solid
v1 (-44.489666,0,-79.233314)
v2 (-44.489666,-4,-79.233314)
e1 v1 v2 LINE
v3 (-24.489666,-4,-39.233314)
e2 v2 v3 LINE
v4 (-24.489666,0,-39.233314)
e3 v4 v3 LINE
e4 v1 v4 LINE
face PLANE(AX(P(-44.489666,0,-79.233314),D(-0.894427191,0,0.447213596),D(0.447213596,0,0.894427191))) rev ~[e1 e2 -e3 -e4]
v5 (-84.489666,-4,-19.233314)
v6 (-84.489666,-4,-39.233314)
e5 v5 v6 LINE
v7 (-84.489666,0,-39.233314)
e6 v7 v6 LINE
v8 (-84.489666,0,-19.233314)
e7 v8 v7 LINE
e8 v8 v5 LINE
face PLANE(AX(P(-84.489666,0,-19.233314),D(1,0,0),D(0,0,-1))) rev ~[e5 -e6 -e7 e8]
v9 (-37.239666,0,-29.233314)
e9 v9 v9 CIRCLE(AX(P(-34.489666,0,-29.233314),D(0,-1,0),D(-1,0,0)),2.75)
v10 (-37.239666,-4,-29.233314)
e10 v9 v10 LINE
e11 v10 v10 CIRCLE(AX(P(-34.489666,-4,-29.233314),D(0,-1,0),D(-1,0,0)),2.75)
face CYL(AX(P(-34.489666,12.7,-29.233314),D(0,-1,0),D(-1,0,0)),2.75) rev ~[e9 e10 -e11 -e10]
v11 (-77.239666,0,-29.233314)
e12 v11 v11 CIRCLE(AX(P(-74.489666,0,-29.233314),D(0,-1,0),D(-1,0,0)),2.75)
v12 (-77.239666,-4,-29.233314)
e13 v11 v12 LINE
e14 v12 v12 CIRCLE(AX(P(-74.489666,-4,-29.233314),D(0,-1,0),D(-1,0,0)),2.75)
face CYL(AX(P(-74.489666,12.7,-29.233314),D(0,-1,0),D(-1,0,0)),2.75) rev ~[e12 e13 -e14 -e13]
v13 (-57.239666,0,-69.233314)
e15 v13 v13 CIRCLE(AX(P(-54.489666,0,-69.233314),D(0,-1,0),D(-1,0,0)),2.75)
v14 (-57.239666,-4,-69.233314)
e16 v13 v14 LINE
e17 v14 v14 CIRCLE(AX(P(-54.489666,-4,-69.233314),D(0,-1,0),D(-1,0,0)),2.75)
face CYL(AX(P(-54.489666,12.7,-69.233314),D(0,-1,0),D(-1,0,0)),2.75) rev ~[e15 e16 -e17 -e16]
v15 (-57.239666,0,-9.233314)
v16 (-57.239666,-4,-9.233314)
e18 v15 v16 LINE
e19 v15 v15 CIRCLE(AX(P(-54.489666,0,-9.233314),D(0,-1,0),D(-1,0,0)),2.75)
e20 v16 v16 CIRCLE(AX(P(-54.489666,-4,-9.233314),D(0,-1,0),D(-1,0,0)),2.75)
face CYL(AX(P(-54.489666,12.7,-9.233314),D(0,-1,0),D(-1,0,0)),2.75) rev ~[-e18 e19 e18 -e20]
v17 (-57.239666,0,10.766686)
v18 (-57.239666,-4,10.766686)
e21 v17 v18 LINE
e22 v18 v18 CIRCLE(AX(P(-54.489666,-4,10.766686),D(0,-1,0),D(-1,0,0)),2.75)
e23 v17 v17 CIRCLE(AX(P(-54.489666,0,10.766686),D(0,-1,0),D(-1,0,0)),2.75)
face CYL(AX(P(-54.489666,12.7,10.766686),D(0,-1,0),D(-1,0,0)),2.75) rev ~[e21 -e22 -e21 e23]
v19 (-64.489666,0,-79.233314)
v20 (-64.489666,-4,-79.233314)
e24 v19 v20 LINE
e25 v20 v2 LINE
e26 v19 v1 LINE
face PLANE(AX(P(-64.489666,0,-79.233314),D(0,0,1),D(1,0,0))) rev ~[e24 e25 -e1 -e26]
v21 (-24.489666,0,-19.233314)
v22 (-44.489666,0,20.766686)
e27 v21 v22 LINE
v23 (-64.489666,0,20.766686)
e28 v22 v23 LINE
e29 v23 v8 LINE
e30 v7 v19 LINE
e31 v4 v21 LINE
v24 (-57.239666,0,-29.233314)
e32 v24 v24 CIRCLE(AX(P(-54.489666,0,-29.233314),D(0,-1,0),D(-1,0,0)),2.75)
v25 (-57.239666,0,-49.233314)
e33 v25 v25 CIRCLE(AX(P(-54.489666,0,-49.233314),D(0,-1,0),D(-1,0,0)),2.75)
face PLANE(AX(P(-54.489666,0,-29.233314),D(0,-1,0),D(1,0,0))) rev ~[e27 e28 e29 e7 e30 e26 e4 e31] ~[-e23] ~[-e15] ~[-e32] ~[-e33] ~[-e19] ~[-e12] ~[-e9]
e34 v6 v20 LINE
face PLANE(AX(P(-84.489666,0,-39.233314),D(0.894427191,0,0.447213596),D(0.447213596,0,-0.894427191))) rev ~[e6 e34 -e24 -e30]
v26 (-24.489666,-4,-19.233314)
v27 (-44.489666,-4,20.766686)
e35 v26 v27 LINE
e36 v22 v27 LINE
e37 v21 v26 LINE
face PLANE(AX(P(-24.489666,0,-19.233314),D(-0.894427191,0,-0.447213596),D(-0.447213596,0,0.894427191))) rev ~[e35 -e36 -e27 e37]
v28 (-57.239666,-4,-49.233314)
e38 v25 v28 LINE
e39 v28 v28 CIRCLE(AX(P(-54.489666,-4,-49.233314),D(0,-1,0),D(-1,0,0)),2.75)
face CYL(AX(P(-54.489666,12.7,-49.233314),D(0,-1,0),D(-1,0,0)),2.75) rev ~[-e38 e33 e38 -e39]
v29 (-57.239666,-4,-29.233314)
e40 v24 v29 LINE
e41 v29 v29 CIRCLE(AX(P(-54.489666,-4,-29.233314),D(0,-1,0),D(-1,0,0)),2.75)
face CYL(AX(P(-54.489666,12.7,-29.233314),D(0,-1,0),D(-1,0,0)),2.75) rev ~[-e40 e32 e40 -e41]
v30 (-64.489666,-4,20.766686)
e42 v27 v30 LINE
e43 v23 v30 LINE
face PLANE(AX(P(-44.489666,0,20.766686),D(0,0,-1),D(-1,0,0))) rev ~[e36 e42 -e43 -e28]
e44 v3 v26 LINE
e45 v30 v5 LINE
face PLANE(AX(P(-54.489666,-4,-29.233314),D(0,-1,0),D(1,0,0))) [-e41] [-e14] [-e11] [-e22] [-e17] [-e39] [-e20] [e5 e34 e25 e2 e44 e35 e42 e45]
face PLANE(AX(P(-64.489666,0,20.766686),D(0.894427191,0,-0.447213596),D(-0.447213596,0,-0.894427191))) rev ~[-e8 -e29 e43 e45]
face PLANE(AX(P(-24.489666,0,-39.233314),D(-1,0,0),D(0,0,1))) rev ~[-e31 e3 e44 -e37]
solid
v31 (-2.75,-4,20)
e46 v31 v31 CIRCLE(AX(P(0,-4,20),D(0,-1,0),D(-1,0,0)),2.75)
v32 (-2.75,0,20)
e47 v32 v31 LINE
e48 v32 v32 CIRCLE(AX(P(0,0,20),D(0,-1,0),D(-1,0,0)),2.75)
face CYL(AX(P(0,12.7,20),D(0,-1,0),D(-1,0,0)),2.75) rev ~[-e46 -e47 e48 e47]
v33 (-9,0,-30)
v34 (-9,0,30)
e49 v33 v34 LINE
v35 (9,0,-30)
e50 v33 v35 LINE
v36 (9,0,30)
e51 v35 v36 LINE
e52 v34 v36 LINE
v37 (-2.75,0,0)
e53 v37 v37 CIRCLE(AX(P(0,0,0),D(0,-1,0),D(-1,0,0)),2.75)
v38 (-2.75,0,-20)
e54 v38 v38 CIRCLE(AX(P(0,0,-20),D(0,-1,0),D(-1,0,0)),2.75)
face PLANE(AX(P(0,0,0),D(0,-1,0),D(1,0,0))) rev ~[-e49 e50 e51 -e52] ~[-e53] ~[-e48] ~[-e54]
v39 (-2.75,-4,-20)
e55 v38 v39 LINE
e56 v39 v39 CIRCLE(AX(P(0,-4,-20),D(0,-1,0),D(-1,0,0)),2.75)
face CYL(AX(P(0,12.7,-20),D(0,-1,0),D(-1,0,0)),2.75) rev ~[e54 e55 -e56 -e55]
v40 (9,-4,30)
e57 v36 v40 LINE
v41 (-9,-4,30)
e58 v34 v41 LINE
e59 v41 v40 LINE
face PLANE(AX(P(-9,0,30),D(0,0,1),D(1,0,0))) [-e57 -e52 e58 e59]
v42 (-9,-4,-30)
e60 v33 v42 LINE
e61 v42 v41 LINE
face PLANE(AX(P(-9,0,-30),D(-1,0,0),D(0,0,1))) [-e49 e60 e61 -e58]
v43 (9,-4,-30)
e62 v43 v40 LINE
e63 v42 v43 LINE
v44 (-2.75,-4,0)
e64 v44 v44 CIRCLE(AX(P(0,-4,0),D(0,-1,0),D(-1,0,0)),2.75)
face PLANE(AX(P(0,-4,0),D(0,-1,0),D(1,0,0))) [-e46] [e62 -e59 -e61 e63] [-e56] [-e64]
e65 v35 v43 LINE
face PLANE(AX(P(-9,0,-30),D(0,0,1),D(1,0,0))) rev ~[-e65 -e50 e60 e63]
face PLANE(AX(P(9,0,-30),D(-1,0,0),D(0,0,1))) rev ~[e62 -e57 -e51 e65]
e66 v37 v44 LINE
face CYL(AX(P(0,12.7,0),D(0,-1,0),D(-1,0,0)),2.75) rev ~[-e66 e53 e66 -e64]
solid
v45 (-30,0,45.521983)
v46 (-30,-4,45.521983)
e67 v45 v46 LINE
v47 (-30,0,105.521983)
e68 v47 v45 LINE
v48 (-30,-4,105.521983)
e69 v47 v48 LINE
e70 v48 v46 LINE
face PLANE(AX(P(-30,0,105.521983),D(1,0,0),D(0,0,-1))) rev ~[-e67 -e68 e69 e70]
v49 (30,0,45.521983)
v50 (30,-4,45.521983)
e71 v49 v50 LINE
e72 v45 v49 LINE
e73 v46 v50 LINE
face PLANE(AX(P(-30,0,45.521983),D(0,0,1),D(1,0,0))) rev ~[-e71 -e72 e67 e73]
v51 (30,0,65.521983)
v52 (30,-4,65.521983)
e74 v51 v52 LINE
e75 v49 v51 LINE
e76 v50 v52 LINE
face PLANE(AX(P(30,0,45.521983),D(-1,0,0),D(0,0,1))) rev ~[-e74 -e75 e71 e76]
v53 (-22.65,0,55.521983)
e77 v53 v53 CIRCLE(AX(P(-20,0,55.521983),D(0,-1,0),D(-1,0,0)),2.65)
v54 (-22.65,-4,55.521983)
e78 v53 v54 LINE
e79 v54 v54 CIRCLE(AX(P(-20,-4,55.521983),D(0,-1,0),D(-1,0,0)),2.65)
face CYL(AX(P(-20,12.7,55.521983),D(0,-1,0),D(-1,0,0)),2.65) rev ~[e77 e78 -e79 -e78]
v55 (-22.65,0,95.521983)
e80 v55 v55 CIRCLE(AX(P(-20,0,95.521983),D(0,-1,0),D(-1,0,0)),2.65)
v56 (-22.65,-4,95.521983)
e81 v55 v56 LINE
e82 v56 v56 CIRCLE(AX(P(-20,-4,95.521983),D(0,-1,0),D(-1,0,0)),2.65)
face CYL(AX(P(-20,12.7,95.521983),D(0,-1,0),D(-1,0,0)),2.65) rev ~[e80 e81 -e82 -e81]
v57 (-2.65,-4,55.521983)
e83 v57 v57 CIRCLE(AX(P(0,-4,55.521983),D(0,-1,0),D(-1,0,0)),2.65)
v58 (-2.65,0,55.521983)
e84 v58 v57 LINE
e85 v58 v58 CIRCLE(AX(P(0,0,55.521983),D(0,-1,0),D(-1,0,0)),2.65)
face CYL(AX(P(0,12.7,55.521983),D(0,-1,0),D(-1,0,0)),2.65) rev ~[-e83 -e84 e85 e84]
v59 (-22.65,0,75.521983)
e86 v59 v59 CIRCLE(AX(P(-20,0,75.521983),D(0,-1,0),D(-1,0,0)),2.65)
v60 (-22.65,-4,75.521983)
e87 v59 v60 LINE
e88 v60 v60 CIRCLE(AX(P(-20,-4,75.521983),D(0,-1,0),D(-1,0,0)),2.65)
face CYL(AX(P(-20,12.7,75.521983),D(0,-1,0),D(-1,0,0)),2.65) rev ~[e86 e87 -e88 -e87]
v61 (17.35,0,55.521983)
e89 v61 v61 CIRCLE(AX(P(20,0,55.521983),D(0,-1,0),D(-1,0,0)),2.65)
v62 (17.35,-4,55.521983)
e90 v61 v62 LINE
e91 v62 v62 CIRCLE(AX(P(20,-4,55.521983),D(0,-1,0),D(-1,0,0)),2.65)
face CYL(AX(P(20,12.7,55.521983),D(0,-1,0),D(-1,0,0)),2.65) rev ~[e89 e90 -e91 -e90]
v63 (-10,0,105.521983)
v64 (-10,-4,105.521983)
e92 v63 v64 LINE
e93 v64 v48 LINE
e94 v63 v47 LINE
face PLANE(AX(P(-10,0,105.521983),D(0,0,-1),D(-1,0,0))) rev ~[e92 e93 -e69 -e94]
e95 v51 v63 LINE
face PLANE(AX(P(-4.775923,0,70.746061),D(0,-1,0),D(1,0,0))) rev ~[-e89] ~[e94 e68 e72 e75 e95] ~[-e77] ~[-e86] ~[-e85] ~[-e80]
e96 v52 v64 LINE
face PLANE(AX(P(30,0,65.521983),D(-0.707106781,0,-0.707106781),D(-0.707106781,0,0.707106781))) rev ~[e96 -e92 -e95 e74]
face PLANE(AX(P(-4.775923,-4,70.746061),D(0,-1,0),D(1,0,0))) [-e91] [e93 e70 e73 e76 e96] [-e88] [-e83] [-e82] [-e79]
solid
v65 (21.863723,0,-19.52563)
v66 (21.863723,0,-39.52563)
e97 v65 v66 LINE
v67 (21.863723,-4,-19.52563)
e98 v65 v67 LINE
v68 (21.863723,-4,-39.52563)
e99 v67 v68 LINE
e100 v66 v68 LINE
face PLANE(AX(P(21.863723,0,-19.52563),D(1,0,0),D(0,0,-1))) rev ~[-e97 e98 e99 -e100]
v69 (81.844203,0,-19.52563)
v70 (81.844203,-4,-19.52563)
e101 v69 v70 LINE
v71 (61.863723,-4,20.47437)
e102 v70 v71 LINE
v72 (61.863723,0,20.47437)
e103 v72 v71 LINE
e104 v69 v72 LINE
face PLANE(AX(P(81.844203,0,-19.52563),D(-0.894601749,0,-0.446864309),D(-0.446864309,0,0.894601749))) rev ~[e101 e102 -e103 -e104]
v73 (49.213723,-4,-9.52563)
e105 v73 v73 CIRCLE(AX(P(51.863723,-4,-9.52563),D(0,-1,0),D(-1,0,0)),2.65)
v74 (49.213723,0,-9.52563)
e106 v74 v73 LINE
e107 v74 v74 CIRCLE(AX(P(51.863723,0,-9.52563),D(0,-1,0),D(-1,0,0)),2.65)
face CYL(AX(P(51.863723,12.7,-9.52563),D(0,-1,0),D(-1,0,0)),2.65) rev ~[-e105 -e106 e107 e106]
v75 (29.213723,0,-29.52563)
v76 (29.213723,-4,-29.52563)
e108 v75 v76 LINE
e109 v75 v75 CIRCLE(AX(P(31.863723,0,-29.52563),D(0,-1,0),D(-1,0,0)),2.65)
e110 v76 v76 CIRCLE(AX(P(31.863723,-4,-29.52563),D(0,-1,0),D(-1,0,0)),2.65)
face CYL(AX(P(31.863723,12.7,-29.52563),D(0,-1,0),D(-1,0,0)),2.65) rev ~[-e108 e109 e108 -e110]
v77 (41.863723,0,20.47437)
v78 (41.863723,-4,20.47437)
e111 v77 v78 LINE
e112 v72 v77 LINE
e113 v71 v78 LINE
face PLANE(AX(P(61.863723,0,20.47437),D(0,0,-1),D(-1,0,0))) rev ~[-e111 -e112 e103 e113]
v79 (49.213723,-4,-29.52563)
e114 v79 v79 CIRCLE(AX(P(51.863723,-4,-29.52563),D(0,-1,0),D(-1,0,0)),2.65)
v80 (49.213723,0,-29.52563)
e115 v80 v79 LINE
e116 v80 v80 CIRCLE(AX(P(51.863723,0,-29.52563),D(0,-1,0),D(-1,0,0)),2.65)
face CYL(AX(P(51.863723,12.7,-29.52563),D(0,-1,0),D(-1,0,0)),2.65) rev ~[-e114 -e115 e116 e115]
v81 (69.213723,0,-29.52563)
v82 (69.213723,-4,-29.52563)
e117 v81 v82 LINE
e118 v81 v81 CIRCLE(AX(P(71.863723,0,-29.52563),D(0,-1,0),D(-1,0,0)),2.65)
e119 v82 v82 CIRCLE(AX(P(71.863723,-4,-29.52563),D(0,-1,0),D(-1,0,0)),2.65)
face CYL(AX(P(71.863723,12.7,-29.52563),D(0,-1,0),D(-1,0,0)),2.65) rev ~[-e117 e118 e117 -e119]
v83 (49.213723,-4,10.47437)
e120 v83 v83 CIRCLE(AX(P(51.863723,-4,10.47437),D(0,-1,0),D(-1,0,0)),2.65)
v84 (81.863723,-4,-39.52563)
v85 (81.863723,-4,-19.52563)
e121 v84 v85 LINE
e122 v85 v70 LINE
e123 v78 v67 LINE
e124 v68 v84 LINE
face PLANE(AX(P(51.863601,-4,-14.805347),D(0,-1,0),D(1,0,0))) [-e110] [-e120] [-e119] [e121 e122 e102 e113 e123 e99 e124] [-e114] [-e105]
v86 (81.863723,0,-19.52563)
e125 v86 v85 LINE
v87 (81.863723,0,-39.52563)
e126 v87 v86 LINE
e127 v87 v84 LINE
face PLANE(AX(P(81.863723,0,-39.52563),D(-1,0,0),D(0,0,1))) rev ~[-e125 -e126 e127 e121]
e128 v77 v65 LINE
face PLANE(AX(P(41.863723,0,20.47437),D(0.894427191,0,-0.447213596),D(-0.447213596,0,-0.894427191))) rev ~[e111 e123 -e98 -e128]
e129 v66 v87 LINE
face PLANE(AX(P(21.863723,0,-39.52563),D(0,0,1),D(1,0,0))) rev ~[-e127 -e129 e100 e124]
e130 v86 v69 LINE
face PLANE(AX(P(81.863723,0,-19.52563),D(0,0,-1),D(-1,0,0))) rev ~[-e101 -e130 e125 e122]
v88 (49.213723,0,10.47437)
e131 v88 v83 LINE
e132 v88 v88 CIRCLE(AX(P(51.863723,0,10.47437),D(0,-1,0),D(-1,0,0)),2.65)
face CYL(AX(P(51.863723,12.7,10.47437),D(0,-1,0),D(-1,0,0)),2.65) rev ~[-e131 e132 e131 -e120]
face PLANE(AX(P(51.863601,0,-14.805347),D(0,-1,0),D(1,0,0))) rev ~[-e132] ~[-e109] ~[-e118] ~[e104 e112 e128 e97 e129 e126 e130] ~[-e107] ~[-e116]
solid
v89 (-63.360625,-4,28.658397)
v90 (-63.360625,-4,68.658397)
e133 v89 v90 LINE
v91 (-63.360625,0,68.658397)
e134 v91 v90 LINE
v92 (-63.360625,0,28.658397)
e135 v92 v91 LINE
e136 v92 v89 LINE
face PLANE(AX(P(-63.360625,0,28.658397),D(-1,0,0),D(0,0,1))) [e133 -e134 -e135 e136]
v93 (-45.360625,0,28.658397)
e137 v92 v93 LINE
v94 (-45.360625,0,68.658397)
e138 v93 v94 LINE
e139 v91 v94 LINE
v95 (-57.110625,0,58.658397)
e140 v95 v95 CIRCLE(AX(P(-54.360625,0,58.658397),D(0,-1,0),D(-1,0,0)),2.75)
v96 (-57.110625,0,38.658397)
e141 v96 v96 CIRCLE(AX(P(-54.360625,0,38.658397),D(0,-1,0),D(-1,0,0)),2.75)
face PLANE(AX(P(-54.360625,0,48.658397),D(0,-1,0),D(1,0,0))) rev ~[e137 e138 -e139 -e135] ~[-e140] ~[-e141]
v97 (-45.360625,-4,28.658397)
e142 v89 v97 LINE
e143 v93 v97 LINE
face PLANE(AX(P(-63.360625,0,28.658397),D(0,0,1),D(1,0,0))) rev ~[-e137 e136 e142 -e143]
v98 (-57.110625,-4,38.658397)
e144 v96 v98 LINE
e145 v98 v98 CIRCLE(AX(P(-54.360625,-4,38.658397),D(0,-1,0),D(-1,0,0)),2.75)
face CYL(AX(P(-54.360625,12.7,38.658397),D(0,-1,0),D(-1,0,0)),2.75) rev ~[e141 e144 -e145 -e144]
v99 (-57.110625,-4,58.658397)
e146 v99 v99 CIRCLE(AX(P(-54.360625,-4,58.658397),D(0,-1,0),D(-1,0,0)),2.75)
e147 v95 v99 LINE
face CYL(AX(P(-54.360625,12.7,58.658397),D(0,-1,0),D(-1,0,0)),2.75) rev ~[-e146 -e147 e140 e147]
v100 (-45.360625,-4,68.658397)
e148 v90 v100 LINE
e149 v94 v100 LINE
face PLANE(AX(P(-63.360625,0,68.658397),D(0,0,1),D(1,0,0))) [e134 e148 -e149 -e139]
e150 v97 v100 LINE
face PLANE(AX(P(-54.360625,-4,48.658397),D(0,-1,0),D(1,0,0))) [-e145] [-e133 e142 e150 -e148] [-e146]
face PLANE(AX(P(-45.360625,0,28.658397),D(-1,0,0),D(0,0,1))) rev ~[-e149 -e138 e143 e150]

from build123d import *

# Parameters (mm, degrees)
F1_DEPTH  = 4
F2_D      = 5.3
F2_DEPTH  = 12.7
F2_TIP    = 1.5922806404
F4_DEPTH  = 4
F5_D      = 5.3
F5_DEPTH  = 12.7
F5_TIP    = 1.5922806404
F7_DEPTH  = 4
F8_D      = 5.5
F8_DEPTH  = 12.7
F8_TIP    = 1.6523667023
F9_W      = 18
F9_H      = 40
F10_DEPTH = 4
F11_D     = 5.5
F11_DEPTH = 12.7
F11_TIP   = 1.6523667023
F12_W     = 18
F12_H     = 60
F13_DEPTH = 4
F14_D     = 5.5
F14_DEPTH = 12.7
F14_TIP   = 1.6523667023


with BuildPart() as f1:
    # F0 (on Front) → F1 (new body)
    with BuildSketch(Plane.XZ):
        Polygon((-30, 105.5219832063), (-30, 45.5219832063), (30, 45.5219832063), (30, 65.5219832063), (-10, 105.5219832063), align=None)
    extrude(amount=F1_DEPTH)

    # F2
    with Locations(Plane(origin=(0, 0, 0), x_dir=(1, 0, 0), z_dir=(0, 1, 0))):
        with Locations((-20, -95.5219832063), (-20, -75.5219832063), (-20, -55.5219832063), (0, -55.5219832063), (20, -55.5219832063)):
            Hole(F2_D / 2, depth=F2_DEPTH)
            with Locations((0, 0, -(F2_DEPTH + F2_TIP / 2))):  # 118° drill point
                Cone(0, F2_D / 2, F2_TIP, mode=Mode.SUBTRACT)


with BuildPart() as f4:
    # F3 (on Front) → F4 (new body)
    with BuildSketch(Plane.XZ):
        Polygon((21.8637231737, -19.5256303996), (21.8637231737, -39.5256303996), (41.8637231737, -39.5256303996), (61.8637231737, -39.5256303996), (81.8637231737, -39.5256303996), (81.8637231737, -19.5256303996), (81.8442031741, -19.5256303996), (61.8637231737, 20.4743696004), (41.8637231737, 20.4743696004), align=None)
    extrude(amount=F4_DEPTH)

    # F5
    with Locations(Plane(origin=(0, 0, 0), x_dir=(1, 0, 0), z_dir=(0, 1, 0))):
        with Locations((51.8637231737, 29.5256303996), (31.8637231737, 29.5256303996), (71.8637231737, 29.5256303996), (51.8637231737, 9.5256303996), (51.8637231737, -10.4743696004)):
            Hole(F5_D / 2, depth=F5_DEPTH)
            with Locations((0, 0, -(F5_DEPTH + F5_TIP / 2))):  # 118° drill point
                Cone(0, F5_D / 2, F5_TIP, mode=Mode.SUBTRACT)


with BuildPart() as f7:
    # F6 (on Front) → F7 (new body)
    with BuildSketch(Plane.XZ):
        Polygon((-64.4896663725, -79.2333139479), (-44.4896663725, -79.2333139479), (-24.4896663725, -39.2333139479), (-24.4896663725, -19.2333139479), (-44.4896663725, 20.7666860521), (-64.4896663725, 20.7666860521), (-84.4896663725, -19.2333139479), (-84.4896663725, -39.2333139479), align=None)
    extrude(amount=F7_DEPTH)

    # F8
    with Locations(Plane(origin=(0, 0, 0), x_dir=(1, 0, 0), z_dir=(0, 1, 0))):
        with Locations((-54.4896663725, 69.2333139479), (-54.4896663725, 49.2333139479), (-74.4896663725, 29.2333139479), (-54.4896663725, 29.2333139479), (-34.4896663725, 29.2333139479), (-54.4896663725, 9.2333139479), (-54.4896663725, -10.7666860521)):
            Hole(F8_D / 2, depth=F8_DEPTH)
            with Locations((0, 0, -(F8_DEPTH + F8_TIP / 2))):  # 118° drill point
                Cone(0, F8_D / 2, F8_TIP, mode=Mode.SUBTRACT)


with BuildPart() as f10:
    # F9 (on Front) → F10 (new body)
    with BuildSketch(Plane.XZ):
        with Locations((-54.3606247902, 48.6583974957)):
            Rectangle(F9_W, F9_H)
    extrude(amount=F10_DEPTH)

    # F11
    with Locations(Plane(origin=(0, 0, 0), x_dir=(1, 0, 0), z_dir=(0, 1, 0))):
        with Locations((-54.3606247902, -58.6583974957), (-54.3606247902, -38.6583974957)):
            Hole(F11_D / 2, depth=F11_DEPTH)
            with Locations((0, 0, -(F11_DEPTH + F11_TIP / 2))):  # 118° drill point
                Cone(0, F11_D / 2, F11_TIP, mode=Mode.SUBTRACT)


with BuildPart() as f13:
    # F12 (on Front) → F13 (new body)
    with BuildSketch(Plane.XZ):
        Rectangle(F12_W, F12_H)
    extrude(amount=F13_DEPTH)

    # F14
    with Locations(Plane(origin=(0, 0, 0), x_dir=(1, 0, 0), z_dir=(0, 1, 0))):
        with Locations((0, -20), (0, 0), (0, 20)):
            Hole(F14_D / 2, depth=F14_DEPTH)
            with Locations((0, 0, -(F14_DEPTH + F14_TIP / 2))):  # 118° drill point
                Cone(0, F14_D / 2, F14_TIP, mode=Mode.SUBTRACT)


solid = Compound([f1.part, f4.part, f7.part, f10.part, f13.part])
